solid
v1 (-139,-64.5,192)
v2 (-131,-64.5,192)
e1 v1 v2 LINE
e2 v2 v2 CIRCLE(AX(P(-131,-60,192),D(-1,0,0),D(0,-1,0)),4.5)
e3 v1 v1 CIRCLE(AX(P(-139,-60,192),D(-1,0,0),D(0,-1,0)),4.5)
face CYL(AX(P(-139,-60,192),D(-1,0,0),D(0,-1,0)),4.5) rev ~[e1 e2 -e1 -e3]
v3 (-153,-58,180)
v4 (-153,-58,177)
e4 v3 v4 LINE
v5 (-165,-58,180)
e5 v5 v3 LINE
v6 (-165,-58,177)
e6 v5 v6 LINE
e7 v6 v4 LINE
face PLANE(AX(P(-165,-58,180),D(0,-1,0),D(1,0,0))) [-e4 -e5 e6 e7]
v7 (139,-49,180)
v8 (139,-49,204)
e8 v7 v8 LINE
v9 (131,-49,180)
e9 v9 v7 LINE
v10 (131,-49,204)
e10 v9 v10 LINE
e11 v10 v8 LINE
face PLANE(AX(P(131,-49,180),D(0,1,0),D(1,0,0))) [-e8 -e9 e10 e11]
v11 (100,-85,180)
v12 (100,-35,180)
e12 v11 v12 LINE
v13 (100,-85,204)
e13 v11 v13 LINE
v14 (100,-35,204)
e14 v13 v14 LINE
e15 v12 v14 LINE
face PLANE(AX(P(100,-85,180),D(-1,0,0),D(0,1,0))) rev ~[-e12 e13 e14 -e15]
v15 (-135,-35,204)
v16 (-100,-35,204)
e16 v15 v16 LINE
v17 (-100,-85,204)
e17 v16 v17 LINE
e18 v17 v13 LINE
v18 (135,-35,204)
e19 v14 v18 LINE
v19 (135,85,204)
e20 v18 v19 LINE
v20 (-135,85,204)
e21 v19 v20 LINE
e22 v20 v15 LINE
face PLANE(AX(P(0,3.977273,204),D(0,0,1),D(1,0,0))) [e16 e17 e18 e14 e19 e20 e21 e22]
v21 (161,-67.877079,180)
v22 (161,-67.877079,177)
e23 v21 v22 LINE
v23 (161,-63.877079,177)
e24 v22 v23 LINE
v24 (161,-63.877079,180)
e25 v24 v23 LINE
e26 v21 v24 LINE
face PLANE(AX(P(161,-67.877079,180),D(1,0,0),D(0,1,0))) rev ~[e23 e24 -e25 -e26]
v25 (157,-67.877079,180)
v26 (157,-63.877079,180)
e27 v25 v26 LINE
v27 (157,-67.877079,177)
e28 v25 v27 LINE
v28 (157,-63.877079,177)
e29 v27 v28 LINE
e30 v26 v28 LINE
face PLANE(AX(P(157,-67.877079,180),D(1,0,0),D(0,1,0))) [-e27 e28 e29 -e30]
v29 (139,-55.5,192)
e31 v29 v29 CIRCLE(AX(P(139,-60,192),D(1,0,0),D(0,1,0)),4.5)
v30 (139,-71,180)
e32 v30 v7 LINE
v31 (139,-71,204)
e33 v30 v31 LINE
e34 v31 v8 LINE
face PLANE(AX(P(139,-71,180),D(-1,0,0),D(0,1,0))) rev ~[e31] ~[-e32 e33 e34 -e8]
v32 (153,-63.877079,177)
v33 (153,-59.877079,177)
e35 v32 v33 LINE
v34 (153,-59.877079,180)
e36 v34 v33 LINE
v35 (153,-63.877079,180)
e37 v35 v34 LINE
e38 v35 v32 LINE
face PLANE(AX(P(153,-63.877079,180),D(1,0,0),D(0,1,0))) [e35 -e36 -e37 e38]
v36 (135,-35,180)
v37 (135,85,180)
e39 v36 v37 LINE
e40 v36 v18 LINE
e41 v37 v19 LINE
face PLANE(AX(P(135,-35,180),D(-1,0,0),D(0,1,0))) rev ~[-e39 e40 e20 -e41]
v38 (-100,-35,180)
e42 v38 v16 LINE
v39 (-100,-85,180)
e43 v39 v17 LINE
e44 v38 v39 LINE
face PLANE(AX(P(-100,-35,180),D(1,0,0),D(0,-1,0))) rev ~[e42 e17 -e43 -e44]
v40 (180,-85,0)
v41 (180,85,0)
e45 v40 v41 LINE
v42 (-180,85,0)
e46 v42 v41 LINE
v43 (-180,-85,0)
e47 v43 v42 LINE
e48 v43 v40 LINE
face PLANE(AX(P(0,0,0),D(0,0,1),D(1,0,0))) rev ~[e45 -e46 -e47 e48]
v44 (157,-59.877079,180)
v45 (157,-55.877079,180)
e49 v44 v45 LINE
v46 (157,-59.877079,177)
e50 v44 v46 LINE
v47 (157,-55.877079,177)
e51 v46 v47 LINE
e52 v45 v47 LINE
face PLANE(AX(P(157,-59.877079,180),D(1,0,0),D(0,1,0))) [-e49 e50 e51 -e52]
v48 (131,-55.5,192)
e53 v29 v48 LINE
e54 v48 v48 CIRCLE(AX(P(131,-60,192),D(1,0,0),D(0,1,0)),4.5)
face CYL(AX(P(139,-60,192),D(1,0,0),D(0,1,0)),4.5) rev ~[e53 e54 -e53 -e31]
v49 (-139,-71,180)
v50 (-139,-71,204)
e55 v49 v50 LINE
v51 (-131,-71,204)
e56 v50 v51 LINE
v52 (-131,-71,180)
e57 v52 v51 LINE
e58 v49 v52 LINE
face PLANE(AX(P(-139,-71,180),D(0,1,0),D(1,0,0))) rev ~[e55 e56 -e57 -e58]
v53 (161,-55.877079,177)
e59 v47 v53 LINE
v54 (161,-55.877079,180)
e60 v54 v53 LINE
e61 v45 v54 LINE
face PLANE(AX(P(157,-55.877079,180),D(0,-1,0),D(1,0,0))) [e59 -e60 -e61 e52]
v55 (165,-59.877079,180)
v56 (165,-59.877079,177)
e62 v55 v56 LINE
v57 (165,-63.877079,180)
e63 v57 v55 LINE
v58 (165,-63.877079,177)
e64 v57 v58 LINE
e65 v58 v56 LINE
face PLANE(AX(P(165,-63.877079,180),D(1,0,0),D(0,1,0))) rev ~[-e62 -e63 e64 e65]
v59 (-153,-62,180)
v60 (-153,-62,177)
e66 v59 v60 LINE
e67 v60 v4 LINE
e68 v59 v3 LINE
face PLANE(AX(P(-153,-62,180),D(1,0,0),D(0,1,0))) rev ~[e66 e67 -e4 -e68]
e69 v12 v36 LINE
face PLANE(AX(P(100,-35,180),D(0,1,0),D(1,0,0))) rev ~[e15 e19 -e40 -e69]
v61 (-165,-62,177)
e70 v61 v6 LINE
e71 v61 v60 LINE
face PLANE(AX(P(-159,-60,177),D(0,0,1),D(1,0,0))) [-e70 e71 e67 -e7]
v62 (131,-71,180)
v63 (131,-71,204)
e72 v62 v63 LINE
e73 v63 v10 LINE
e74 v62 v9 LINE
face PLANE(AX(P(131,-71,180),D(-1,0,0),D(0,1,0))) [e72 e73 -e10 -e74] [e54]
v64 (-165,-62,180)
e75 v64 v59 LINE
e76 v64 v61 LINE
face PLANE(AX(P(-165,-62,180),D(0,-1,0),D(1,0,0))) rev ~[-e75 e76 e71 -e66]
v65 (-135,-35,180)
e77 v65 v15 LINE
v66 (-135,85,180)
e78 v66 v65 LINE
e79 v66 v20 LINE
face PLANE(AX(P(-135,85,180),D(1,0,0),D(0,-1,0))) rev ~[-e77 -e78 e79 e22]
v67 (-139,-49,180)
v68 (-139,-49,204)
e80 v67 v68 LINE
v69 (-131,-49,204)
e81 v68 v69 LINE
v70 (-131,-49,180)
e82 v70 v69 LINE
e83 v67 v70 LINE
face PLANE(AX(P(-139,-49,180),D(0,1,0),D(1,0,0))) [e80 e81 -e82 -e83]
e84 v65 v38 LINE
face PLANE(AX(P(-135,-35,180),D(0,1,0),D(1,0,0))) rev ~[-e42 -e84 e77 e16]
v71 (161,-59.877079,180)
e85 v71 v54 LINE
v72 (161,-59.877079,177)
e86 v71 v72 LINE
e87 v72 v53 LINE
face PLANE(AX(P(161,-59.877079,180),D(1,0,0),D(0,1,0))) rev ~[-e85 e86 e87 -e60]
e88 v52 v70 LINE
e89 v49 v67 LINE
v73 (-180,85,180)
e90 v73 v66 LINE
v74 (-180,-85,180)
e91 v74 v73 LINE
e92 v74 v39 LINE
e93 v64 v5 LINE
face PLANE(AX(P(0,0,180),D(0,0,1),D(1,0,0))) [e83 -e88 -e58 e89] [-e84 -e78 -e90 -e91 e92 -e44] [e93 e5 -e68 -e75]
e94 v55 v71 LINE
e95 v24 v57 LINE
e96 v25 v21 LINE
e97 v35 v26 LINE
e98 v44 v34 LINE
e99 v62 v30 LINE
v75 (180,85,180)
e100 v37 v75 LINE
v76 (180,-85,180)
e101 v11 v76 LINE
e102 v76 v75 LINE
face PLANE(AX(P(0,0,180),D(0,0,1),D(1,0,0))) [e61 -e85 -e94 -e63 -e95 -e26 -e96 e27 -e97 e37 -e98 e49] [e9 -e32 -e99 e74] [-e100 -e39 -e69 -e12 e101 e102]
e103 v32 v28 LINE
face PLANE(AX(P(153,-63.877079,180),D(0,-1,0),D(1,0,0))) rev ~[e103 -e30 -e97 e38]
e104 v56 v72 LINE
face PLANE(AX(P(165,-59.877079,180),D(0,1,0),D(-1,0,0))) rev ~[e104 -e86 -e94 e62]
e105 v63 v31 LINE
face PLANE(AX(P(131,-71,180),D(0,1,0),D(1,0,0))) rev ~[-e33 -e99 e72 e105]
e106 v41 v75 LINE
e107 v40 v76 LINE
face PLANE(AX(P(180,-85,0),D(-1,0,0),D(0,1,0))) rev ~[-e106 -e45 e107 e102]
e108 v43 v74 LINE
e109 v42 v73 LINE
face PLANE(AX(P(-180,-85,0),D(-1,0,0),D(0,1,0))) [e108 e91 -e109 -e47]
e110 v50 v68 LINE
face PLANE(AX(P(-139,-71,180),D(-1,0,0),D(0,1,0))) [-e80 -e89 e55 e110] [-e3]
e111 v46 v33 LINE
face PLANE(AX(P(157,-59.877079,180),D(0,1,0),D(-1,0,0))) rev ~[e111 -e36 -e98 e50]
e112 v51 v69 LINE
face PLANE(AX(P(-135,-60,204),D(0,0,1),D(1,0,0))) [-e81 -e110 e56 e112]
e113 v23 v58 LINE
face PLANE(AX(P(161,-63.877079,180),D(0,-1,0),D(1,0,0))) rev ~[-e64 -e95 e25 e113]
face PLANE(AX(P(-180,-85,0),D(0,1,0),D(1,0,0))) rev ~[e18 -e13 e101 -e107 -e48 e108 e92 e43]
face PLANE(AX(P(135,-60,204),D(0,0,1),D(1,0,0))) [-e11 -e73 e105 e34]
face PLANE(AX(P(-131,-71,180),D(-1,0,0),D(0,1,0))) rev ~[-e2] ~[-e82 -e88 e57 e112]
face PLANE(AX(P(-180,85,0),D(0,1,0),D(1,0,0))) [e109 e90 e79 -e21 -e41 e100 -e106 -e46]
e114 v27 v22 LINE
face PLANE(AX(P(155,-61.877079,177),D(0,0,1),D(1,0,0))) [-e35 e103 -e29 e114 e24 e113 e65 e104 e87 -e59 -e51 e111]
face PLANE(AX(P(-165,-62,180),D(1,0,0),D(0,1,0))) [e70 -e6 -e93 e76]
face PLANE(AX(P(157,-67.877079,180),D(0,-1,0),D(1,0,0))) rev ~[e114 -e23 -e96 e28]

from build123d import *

# Parameters (mm, degrees)
F0_W      = 360
F0_H      = 170
F1_DEPTH  = 180
F2_W      = 8
F2_H      = 22
F3_DEPTH  = 24
F4_R      = 4.5
F5_DEPTH  = 25
F6_R      = 4.5
F7_DEPTH  = 25
F8_W      = 12
F8_H      = 4
F9_W      = 4
F9_H      = 4
F10_DEPTH = 3


with BuildPart() as f1:
    # F0 (on Top) → F1 (new body)
    with BuildSketch(Plane.XY):
        Rectangle(F0_W, F0_H)
    extrude(amount=F1_DEPTH)

    # F2 (on face) → F3 (join)
    with BuildSketch(Plane.XY.offset(180)):
        Polygon((-100, -85), (0, -85), (100, -85), (100, -35), (135, -35), (135, 85), (0, 85), (-135, 85), (-135, -35), (-100, -35), align=None)
        with Locations((-135, -60)):
            Rectangle(F2_W, F2_H)
        with Locations((135, -60)):
            Rectangle(F2_W, F2_H)
    extrude(amount=F3_DEPTH)

    # F4 (on face) → F5 (cut)
    with BuildSketch(Plane(origin=(-139, 0, 0), x_dir=(0, -1, 0), z_dir=(-1, 0, 0))):
        with Locations((60, 192)):
            Circle(F4_R)
    extrude(amount=-F5_DEPTH, mode=Mode.SUBTRACT)

    # F6 (on face) → F7 (cut)
    with BuildSketch(Plane.YZ.offset(139)):
        with Locations((-60, 192)):
            Circle(F6_R)
    extrude(amount=-F7_DEPTH, mode=Mode.SUBTRACT)

    # F8 (on face) + F9 (on face) → F10 (cut)
    with BuildSketch(Plane.XY.offset(180)):
        with Locations((-159, -60)):
            Rectangle(F8_W, F8_H)
    with BuildSketch(Plane.XY.offset(180)):
        with Locations((155, -61.877079308)):
            Rectangle(F9_W, F9_H)
        with Locations((159, -61.877079308)):
            Rectangle(F9_W, F9_H)
        with Locations((163, -61.877079308)):
            Rectangle(F9_W, F9_H)
        with Locations((159, -57.877079308)):
            Rectangle(F9_W, F9_H)
        with Locations((159, -65.877079308)):
            Rectangle(F9_W, F9_H)
    extrude(amount=-F10_DEPTH, mode=Mode.SUBTRACT)


solid = f1.part
